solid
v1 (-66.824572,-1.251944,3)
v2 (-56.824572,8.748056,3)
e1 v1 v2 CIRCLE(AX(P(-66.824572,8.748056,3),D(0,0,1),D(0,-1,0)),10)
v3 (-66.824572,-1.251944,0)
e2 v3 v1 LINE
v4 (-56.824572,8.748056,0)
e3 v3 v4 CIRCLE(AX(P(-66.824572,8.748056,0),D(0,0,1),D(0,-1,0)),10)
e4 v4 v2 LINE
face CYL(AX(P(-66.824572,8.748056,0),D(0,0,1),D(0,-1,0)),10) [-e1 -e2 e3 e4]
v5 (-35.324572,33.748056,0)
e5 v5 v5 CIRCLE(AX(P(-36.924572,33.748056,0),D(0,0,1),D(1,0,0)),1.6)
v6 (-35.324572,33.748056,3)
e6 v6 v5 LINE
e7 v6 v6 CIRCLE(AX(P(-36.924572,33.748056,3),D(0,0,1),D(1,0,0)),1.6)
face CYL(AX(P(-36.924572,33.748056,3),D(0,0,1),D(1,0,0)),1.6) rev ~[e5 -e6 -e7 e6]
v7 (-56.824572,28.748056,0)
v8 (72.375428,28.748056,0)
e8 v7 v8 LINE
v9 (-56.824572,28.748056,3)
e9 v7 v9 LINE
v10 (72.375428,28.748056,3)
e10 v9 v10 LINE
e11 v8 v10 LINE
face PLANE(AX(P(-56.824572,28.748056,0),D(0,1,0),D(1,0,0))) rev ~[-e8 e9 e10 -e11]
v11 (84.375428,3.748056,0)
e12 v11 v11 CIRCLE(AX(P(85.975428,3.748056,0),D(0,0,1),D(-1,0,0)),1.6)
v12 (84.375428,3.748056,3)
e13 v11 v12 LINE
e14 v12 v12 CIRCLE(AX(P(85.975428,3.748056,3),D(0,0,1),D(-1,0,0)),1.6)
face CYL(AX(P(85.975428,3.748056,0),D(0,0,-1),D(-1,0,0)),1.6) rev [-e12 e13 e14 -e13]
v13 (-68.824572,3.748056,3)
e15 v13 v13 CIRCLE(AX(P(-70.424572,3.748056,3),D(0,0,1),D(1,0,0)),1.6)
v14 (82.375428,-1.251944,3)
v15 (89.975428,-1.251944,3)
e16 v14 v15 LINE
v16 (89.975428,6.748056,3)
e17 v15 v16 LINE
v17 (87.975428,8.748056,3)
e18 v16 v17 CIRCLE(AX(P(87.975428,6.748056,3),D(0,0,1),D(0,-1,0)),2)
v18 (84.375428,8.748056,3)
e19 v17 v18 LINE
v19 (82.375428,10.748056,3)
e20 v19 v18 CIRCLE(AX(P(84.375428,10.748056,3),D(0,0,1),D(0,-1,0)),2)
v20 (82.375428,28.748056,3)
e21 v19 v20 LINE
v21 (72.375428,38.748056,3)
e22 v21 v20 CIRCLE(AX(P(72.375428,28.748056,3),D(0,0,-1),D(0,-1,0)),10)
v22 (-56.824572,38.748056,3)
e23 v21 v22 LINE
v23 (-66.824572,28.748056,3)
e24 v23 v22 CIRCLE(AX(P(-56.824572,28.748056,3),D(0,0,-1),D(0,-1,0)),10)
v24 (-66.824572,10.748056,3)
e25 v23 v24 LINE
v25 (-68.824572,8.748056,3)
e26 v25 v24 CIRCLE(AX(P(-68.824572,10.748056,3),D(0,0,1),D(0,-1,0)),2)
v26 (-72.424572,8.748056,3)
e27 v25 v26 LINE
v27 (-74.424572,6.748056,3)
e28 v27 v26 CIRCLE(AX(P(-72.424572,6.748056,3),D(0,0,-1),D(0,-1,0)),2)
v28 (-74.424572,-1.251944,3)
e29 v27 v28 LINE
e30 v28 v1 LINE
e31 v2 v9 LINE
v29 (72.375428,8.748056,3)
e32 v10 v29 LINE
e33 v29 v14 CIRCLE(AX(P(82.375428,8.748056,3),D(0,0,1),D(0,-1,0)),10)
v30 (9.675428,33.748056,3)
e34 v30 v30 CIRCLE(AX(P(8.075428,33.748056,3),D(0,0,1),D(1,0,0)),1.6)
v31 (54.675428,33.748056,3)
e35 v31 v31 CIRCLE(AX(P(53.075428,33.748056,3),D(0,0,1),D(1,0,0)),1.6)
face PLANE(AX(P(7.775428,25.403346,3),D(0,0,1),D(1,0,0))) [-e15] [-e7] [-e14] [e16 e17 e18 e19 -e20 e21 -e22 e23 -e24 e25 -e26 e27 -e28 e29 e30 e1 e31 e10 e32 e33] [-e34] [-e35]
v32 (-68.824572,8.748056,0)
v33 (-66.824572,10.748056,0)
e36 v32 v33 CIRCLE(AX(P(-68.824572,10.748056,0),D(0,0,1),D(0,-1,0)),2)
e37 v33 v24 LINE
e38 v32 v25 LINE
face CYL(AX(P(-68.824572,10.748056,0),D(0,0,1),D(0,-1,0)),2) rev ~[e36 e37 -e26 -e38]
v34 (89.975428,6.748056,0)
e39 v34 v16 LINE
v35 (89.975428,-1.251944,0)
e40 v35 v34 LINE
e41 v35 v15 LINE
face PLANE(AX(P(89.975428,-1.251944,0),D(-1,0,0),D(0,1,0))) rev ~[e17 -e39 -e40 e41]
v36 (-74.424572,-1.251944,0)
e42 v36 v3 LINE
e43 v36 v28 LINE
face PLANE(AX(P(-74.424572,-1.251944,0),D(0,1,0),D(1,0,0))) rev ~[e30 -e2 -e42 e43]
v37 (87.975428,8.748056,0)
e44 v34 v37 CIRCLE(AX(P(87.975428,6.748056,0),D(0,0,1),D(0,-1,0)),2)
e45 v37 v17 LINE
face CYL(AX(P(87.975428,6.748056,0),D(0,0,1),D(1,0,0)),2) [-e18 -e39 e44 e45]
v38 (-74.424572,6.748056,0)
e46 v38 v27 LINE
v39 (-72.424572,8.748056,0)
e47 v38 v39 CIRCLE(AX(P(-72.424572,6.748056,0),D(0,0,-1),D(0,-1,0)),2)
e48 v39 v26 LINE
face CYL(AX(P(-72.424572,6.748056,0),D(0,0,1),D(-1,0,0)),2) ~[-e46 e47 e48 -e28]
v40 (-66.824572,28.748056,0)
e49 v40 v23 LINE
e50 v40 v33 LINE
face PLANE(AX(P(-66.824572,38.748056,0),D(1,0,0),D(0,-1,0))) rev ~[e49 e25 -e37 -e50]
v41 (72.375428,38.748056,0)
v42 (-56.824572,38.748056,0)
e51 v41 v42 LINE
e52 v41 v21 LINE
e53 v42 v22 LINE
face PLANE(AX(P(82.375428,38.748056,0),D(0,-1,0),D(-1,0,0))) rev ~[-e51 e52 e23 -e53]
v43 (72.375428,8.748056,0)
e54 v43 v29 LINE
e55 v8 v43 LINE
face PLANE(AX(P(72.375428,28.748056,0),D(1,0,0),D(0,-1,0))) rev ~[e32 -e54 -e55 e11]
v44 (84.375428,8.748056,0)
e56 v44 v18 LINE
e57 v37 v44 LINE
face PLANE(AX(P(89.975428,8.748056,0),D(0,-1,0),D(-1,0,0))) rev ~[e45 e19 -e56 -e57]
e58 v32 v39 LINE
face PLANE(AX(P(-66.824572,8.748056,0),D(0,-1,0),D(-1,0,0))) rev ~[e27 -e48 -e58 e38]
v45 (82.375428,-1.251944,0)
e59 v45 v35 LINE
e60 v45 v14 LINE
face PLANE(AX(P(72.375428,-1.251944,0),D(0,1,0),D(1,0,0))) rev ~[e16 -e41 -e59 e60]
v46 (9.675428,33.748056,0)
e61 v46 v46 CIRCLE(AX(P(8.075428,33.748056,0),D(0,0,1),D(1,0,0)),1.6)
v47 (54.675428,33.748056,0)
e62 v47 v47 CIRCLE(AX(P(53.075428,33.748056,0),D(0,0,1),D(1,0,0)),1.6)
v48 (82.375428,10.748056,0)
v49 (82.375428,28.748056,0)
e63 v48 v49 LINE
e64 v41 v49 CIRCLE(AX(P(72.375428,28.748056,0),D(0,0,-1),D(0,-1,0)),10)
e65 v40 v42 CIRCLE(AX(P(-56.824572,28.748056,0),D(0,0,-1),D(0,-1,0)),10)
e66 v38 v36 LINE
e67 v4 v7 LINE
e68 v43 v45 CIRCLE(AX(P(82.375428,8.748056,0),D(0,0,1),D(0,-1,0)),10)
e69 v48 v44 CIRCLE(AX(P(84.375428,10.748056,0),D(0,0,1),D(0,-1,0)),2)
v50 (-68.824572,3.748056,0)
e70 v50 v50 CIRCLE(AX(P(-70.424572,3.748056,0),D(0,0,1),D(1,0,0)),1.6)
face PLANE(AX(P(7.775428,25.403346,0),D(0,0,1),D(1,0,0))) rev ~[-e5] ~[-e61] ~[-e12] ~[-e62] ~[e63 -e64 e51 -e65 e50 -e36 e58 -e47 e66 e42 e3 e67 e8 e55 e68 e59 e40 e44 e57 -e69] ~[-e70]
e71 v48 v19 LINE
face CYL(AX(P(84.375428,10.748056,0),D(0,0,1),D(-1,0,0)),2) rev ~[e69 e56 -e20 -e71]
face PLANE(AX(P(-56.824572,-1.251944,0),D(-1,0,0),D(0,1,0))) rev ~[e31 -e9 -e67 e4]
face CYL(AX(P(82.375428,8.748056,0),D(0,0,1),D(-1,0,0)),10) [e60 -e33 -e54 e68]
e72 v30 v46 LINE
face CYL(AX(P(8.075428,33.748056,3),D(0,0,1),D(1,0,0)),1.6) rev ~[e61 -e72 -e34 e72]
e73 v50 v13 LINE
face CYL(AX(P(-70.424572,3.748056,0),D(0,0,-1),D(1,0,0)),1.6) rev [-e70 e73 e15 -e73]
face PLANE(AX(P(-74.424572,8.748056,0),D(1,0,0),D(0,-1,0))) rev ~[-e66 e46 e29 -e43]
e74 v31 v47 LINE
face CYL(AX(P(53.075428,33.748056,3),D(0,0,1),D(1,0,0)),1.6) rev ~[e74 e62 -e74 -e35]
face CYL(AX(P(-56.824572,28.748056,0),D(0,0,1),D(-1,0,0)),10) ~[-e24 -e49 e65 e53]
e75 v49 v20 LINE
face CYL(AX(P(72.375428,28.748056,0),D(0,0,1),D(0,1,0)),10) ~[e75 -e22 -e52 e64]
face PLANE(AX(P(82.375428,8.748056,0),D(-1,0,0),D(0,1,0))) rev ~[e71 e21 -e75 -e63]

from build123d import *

# Parameters (mm, degrees)
SKETCH2_R           = 1.6
BOSS_EXTRUDE1_DEPTH = 3
CUT_EXTRUDE1_REACH  = 100.01
SKETCH3_R           = 1.6
FILLET1_R           = 10
FILLET2_R           = 2


with BuildPart() as part:
    # Sketch2 → Boss-Extrude1 (new body)
    with BuildSketch(Plane.XY):
        Polygon((-74.424572317, -1.251944012), (-56.824572317, -1.251944012), (-56.824572317, 28.748055988), (72.375427683, 28.748055988), (72.375427683, -1.251944012), (89.975427683, -1.251944012), (89.975427683, 8.748055988), (82.375427683, 8.748055988), (82.375427683, 38.748055988), (-66.824572317, 38.748055988), (-66.824572317, 8.748055988), (-74.424572317, 8.748055988), align=None)
        with Locations((-70.424572317, 3.748055988)):
            Circle(SKETCH2_R, mode=Mode.SUBTRACT)
        with Locations(Location((85.975427683, 3.748055988, 0), (0, 0, 180))):
            Circle(SKETCH2_R, mode=Mode.SUBTRACT)
    extrude(amount=BOSS_EXTRUDE1_DEPTH)

    # Sketch3 → Cut-Extrude1 (cut, up to next)
    with BuildSketch(Plane.XY.offset(3), mode=Mode.PRIVATE) as cut_extrude1_sk1:
        with Locations((-36.924572317, 33.748055988)):
            Circle(SKETCH3_R)
    cut_extrude1_tool1 = extrude(cut_extrude1_sk1.sketch, amount=-CUT_EXTRUDE1_REACH, mode=Mode.PRIVATE) & part.part
    # Sketch3 → Cut-Extrude1 (cut, up to next)
    with BuildSketch(Plane.XY.offset(3), mode=Mode.PRIVATE) as cut_extrude1_sk2:
        with Locations((8.075427683, 33.748055988)):
            Circle(SKETCH3_R)
    cut_extrude1_tool2 = extrude(cut_extrude1_sk2.sketch, amount=-CUT_EXTRUDE1_REACH, mode=Mode.PRIVATE) & part.part
    # Sketch3 → Cut-Extrude1 (cut, up to next)
    with BuildSketch(Plane.XY.offset(3), mode=Mode.PRIVATE) as cut_extrude1_sk3:
        with Locations((53.075427683, 33.748055988)):
            Circle(SKETCH3_R)
    cut_extrude1_tool3 = extrude(cut_extrude1_sk3.sketch, amount=-CUT_EXTRUDE1_REACH, mode=Mode.PRIVATE) & part.part
    add(cut_extrude1_tool1.solids().sort_by_distance((-36.924572, 33.748056, 3))[0], mode=Mode.SUBTRACT)
    add(cut_extrude1_tool2.solids().sort_by_distance((8.075428, 33.748056, 3))[0], mode=Mode.SUBTRACT)
    add(cut_extrude1_tool3.solids().sort_by_distance((53.075428, 33.748056, 3))[0], mode=Mode.SUBTRACT)

    # Fillet1
    fillet1_edges = [part.edges().sort_by_distance(p)[0] for p in [
        (-66.824572317, 38.748055988, 1.5),
        (82.375427683, 38.748055988, 1.5),
        (72.375427683, -1.251944012, 1.5),
        (-56.824572317, -1.251944012, 1.5),
    ]]
    fillet(fillet1_edges, radius=FILLET1_R)

    # Fillet2
    fillet2_edges = [part.edges().sort_by_distance(p)[0] for p in [
        (-74.424572317, 8.748055988, 1.5),
        (-66.824572317, 8.748055988, 1.5),
        (82.375427683, 8.748055988, 1.5),
        (89.975427683, 8.748055988, 1.5),
    ]]
    fillet(fillet2_edges, radius=FILLET2_R)


solid = part.part
